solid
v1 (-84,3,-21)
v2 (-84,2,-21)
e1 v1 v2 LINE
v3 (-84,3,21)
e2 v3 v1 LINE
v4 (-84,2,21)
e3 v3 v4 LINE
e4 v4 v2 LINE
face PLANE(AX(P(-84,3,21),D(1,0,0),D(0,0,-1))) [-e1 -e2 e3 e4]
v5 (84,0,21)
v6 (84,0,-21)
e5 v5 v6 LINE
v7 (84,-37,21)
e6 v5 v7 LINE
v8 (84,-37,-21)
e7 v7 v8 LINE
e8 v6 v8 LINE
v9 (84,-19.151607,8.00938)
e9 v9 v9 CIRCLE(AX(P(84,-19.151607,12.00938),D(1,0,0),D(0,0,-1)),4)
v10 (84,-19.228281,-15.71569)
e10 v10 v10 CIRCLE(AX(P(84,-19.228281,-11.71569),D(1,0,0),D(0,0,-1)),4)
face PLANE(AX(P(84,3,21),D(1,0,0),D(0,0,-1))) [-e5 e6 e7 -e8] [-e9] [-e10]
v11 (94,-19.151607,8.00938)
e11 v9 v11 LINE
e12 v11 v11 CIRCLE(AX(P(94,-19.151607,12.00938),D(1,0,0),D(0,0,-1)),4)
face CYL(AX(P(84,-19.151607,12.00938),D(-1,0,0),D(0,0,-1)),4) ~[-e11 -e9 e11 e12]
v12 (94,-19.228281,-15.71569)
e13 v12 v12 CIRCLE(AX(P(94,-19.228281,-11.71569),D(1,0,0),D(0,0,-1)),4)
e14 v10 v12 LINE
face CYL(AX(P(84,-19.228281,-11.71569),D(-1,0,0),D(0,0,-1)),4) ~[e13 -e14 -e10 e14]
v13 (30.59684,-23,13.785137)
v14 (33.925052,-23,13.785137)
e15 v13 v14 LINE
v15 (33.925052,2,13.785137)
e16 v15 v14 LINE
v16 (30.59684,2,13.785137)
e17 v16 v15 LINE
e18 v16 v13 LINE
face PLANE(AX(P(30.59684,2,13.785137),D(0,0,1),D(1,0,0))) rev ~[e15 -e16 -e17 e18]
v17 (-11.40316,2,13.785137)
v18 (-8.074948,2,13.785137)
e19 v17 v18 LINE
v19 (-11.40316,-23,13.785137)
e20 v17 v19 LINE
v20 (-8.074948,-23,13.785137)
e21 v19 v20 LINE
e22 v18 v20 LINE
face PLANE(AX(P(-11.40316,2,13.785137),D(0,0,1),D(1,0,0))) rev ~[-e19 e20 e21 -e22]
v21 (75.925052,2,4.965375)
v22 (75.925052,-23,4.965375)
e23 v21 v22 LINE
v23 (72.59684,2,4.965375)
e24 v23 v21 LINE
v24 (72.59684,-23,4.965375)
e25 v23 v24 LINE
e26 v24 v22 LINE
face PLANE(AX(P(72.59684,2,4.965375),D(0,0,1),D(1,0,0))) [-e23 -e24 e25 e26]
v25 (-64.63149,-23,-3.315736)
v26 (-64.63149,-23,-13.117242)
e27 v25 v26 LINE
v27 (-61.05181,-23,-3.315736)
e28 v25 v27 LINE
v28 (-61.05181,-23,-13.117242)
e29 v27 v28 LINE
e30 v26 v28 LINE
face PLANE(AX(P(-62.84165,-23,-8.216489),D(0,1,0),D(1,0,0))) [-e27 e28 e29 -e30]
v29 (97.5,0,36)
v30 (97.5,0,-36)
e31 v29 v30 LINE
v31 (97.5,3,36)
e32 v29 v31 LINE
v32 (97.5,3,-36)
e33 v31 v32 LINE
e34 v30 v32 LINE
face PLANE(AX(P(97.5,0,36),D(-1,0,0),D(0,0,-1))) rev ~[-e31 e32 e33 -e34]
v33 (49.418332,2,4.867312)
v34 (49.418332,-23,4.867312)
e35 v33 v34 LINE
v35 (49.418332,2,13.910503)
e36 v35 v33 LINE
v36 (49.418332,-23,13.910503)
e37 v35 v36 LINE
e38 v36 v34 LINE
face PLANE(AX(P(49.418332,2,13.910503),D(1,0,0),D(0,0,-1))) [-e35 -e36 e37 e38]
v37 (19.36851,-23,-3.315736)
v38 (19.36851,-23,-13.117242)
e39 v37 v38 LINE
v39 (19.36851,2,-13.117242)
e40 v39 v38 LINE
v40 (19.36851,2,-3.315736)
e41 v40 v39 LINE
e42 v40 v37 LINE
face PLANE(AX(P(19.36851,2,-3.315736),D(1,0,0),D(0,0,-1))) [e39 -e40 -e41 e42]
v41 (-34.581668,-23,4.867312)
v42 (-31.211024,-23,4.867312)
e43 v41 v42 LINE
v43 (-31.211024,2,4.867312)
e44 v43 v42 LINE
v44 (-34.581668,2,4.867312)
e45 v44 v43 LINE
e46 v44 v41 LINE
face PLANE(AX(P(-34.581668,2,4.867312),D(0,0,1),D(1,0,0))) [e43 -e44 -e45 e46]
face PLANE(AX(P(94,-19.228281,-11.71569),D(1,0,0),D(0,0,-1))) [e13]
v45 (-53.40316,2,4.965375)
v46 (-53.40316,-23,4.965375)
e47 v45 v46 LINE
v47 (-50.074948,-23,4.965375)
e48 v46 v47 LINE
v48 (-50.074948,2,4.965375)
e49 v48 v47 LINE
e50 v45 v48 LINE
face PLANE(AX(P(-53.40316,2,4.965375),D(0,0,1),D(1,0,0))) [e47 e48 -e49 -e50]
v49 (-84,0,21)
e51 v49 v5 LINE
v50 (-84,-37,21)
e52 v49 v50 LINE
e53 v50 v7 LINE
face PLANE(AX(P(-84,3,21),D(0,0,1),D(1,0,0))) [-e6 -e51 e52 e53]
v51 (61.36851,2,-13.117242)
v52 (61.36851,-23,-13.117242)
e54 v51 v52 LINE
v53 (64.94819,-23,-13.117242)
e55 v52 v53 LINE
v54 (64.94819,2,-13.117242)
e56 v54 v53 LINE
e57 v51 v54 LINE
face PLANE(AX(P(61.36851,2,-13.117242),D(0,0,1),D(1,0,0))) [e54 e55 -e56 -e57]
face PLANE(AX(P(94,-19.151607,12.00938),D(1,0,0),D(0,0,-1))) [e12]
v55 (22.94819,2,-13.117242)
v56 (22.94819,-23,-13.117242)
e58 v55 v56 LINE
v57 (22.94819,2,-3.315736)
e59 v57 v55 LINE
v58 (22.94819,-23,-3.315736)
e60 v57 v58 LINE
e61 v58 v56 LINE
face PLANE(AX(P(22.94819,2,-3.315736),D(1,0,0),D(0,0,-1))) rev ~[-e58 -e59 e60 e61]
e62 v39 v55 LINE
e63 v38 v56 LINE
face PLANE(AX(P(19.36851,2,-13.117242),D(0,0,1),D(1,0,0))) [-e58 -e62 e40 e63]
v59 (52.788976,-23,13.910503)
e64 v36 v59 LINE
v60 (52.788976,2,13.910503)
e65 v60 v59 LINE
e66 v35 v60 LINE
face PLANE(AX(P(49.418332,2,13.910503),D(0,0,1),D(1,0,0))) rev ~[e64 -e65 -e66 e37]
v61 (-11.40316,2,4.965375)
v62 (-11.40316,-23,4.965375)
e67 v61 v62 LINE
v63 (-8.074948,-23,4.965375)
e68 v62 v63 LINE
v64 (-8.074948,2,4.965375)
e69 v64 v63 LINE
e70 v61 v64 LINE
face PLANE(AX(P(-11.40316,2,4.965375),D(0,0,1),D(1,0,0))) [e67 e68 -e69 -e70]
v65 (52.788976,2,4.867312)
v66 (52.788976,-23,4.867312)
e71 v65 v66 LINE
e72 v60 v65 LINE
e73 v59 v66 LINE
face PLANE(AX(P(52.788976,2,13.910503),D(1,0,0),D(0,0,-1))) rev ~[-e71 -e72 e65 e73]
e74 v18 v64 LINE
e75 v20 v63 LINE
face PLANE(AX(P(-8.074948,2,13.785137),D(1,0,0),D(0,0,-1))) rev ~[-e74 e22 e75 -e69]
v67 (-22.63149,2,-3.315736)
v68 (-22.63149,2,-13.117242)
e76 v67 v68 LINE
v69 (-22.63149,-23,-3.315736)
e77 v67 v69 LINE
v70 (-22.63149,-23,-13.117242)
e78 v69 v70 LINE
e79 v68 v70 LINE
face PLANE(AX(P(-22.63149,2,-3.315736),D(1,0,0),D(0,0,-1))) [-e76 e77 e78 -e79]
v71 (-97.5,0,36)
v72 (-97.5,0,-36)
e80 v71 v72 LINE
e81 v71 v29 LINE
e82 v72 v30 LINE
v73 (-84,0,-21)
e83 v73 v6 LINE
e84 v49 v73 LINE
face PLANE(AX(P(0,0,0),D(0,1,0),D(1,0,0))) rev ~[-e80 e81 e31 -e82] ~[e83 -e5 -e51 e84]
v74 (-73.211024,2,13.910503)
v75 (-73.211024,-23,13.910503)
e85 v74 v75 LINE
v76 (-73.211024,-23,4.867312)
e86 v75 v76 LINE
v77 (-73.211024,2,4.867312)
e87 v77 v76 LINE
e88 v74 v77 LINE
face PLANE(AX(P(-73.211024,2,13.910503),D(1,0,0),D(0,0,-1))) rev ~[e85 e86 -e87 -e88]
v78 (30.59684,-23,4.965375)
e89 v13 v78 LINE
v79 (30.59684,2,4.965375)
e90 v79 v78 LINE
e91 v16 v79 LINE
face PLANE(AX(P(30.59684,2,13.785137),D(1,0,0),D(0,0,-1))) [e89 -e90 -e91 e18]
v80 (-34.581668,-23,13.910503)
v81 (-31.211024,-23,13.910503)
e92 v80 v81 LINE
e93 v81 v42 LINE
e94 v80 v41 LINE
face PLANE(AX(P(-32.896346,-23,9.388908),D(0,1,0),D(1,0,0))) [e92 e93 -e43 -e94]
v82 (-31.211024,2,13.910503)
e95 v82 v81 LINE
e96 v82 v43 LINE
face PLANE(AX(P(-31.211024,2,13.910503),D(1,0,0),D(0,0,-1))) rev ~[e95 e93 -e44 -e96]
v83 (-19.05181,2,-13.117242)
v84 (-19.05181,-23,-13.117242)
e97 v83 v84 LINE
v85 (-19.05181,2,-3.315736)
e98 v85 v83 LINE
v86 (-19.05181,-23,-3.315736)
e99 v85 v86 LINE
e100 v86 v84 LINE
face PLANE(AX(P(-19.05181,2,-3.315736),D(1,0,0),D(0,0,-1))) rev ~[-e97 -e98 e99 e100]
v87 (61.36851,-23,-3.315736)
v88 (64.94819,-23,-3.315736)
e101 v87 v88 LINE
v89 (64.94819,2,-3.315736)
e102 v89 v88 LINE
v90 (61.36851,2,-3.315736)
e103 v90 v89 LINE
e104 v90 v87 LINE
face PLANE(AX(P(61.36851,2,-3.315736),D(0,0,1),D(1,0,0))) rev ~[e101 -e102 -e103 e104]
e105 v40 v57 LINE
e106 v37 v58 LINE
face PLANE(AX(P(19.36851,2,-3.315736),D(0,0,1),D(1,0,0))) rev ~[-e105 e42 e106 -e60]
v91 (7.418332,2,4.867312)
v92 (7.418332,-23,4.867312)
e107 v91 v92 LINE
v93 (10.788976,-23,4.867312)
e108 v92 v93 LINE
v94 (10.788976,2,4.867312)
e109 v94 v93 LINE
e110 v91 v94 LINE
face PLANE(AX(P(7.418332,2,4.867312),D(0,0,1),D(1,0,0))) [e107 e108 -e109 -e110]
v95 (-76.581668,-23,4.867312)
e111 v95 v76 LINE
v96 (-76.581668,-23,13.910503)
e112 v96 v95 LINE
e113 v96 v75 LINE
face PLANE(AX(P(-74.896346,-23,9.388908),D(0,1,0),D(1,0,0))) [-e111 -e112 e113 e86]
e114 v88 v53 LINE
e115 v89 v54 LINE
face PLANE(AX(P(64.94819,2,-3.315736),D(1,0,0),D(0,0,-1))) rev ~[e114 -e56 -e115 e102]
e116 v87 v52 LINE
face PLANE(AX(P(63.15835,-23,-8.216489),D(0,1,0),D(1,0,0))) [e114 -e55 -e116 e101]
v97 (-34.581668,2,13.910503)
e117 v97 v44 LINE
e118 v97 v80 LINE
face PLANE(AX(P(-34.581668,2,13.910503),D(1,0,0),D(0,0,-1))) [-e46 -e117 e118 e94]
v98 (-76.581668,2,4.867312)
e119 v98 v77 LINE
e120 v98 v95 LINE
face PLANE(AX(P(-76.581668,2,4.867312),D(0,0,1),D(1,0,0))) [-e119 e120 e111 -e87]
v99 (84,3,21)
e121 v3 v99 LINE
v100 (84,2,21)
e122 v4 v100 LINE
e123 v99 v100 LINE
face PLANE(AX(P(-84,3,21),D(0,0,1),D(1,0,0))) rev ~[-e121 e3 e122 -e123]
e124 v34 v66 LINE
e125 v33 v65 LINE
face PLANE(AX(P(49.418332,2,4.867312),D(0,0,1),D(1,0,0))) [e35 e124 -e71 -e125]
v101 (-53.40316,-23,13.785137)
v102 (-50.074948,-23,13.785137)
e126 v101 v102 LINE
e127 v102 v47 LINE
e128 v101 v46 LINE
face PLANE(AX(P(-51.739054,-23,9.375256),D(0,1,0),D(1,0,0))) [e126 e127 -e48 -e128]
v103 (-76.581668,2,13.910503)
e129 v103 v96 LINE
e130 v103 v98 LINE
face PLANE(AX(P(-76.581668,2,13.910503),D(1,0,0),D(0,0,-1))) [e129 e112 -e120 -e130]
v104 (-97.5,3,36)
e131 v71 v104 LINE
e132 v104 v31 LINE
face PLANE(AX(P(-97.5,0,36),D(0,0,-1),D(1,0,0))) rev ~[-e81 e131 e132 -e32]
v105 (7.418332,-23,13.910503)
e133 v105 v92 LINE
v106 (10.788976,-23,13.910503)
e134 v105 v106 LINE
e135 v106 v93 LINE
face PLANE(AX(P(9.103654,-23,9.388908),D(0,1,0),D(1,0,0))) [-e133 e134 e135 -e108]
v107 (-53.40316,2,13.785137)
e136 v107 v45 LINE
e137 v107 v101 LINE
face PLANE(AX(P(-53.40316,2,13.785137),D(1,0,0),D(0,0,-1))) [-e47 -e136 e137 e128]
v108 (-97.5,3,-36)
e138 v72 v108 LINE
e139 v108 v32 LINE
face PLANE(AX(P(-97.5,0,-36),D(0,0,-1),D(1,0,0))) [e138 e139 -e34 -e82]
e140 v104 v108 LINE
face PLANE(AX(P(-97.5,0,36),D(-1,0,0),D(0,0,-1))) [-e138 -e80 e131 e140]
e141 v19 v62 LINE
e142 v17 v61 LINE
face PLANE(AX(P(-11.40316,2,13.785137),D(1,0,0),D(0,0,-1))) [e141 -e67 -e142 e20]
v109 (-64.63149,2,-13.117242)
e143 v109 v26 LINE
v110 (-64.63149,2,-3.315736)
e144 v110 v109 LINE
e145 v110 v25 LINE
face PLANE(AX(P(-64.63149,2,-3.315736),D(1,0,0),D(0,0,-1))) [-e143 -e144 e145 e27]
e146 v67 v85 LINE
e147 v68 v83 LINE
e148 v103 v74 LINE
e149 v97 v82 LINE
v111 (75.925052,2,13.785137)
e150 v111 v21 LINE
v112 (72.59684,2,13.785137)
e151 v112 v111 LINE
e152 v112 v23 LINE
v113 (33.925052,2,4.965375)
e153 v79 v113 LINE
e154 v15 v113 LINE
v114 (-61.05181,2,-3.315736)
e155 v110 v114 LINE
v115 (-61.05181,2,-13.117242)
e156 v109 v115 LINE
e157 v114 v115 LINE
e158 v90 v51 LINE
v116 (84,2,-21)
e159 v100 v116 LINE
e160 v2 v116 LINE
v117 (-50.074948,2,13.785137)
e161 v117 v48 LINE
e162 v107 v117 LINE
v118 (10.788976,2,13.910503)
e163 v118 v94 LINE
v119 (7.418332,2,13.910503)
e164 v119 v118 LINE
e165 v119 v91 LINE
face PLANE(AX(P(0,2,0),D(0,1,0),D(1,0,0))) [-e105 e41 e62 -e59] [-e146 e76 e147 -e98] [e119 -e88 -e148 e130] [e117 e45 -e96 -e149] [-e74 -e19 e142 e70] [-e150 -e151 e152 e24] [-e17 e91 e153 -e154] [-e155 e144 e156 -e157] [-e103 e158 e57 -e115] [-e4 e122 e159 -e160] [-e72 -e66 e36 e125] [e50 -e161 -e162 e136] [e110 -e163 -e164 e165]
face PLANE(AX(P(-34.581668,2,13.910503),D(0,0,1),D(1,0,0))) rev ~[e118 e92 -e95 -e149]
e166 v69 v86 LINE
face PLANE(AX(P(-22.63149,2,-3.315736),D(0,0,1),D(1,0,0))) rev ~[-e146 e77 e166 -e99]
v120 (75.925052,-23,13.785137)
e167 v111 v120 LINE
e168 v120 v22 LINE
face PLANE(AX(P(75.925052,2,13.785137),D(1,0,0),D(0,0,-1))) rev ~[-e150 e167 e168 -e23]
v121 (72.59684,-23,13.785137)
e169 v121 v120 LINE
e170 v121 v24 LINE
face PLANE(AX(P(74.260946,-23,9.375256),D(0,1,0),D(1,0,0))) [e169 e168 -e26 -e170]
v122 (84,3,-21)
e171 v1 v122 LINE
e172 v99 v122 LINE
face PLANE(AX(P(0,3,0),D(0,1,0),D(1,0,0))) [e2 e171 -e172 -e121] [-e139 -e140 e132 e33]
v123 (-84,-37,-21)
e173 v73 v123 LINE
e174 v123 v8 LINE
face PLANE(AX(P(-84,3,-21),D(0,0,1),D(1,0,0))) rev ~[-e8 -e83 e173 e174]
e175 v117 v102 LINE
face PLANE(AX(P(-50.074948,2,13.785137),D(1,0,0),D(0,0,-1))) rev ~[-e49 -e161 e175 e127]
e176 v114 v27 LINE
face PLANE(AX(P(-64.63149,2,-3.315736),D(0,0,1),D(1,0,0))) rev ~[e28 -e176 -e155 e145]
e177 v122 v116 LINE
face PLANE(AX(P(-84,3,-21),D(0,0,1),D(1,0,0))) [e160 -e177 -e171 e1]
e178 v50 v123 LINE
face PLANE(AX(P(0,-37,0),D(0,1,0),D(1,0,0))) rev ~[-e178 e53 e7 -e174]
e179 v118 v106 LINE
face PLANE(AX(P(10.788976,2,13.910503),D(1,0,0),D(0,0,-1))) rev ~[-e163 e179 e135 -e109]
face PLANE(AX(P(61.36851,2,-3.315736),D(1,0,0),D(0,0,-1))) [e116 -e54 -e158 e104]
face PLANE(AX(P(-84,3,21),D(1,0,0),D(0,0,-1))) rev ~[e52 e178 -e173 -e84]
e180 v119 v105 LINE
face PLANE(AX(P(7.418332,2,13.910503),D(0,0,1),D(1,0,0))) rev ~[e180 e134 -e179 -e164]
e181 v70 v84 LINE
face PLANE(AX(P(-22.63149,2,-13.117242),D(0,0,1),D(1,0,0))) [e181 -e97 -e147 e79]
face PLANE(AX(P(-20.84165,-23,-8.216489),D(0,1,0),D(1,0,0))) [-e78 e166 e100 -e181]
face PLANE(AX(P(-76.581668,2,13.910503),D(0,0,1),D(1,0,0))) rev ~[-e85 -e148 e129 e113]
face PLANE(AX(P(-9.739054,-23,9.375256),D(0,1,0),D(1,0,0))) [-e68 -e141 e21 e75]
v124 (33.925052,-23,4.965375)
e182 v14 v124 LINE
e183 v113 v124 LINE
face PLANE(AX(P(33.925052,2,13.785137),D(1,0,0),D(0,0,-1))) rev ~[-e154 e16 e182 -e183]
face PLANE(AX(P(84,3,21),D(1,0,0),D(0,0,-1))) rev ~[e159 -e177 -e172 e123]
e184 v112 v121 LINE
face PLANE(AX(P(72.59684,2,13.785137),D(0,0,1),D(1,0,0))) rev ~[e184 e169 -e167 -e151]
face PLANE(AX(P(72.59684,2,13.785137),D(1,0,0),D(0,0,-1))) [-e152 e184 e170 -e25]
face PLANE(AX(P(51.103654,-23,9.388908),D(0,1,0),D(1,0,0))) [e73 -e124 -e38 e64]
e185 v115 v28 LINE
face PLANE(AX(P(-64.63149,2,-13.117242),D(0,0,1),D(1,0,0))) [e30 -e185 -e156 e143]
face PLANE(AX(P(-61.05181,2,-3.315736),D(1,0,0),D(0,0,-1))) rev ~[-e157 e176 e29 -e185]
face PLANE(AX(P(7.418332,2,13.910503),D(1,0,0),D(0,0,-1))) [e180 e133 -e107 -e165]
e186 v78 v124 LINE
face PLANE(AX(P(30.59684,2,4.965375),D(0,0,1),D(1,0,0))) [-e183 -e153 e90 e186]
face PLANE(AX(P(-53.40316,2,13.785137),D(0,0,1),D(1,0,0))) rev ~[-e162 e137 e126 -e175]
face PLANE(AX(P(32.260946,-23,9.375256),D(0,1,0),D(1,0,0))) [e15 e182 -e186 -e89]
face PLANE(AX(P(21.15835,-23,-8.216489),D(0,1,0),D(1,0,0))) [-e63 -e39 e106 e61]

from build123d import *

# Parameters (mm, degrees)
SKETCH_1_W          = 195
SKETCH_1_H          = 72
EXTRUDE_1_DEPTH     = 3
SKETCH_2_W          = 168
SKETCH_2_H          = 42
EXTRUDE_2_DEPTH     = 40
SKETCH_2_2_W        = 168
SKETCH_2_2_H        = 42
CUT_EXTRUDE_1_DEPTH = 1
SKETCH_3_R          = 4
EXTRUDE_3_DEPTH     = 10
SKETCH_4_R          = 4
EXTRUDE_4_DEPTH     = 10
SKETCH_7_W          = 3.370643822
SKETCH_7_H          = 9.043190742
CUT_EXTRUDE_2_DEPTH = 25
SKETCH_6_W          = 3.579680374
SKETCH_6_H          = 9.801505786
CUT_EXTRUDE_3_DEPTH = 25
SKETCH_8_W          = 3.328212
SKETCH_8_H          = 8.8197618
CUT_EXTRUDE_4_DEPTH = 25


with BuildPart() as part:
    # 草图1 → 凸台-拉伸1 (new body)
    with BuildSketch(Plane(origin=(0, 0, 0), x_dir=(1, 0, 0), z_dir=(0, 1, 0))):
        Rectangle(SKETCH_1_W, SKETCH_1_H)
    extrude(amount=EXTRUDE_1_DEPTH)

    # 草图2 → 凸台-拉伸2 (add)
    with BuildSketch(Plane(origin=(0, 3, 0), x_dir=(1, 0, 0), z_dir=(0, 1, 0))):
        Rectangle(SKETCH_2_W, SKETCH_2_H)
    extrude(amount=-EXTRUDE_2_DEPTH)

    # 草图2<2> → 切除-拉伸1 (cut)
    with BuildSketch(Plane(origin=(0, 3, 0), x_dir=(1, 0, 0), z_dir=(0, 1, 0))):
        Rectangle(SKETCH_2_2_W, SKETCH_2_2_H)
    extrude(amount=-CUT_EXTRUDE_1_DEPTH, mode=Mode.SUBTRACT)

    # 草图3 → 凸台-拉伸3 (add)
    with BuildSketch(Plane(origin=(84, 0, 0), x_dir=(0, 0, -1), z_dir=(1, 0, 0))):
        with Locations((-12.009379944, -19.151607151)):
            Circle(SKETCH_3_R)
    extrude(amount=EXTRUDE_3_DEPTH)

    # 草图4 → 凸台-拉伸4 (add)
    with BuildSketch(Plane(origin=(84, 0, 0), x_dir=(0, 0, -1), z_dir=(1, 0, 0))):
        with Locations((11.71568974, -19.228280966)):
            Circle(SKETCH_4_R)
    extrude(amount=EXTRUDE_4_DEPTH)

    # 草图7 → 切除-拉伸2 (cut)
    with BuildSketch(Plane(origin=(0, 2, 0), x_dir=(1, 0, 0), z_dir=(0, 1, 0))):
        with Locations((-32.896346176, -9.388907812)):
            Rectangle(SKETCH_7_W, SKETCH_7_H)
        with Locations((-74.896346176, -9.388907812)):
            Rectangle(SKETCH_7_W, SKETCH_7_H)
        with Locations((9.103653824, -9.388907812)):
            Rectangle(SKETCH_7_W, SKETCH_7_H)
        with Locations((51.103653824, -9.388907812)):
            Rectangle(SKETCH_7_W, SKETCH_7_H)
    extrude(amount=-CUT_EXTRUDE_2_DEPTH, mode=Mode.SUBTRACT)

    # 草图6 → 切除-拉伸3 (cut)
    with BuildSketch(Plane(origin=(0, 2, 0), x_dir=(1, 0, 0), z_dir=(0, 1, 0))):
        with Locations((-20.841650073, 8.216489042)):
            Rectangle(SKETCH_6_W, SKETCH_6_H)
        with Locations((-62.841650073, 8.216489042)):
            Rectangle(SKETCH_6_W, SKETCH_6_H)
        with Locations((21.158349927, 8.216489042)):
            Rectangle(SKETCH_6_W, SKETCH_6_H)
        with Locations((63.158349927, 8.216489042)):
            Rectangle(SKETCH_6_W, SKETCH_6_H)
    extrude(amount=-CUT_EXTRUDE_3_DEPTH, mode=Mode.SUBTRACT)

    # 草图8 → 切除-拉伸4 (cut)
    with BuildSketch(Plane(origin=(0, 2, 0), x_dir=(1, 0, 0), z_dir=(0, 1, 0))):
        with Locations((-9.739053762, -9.375255868)):
            Rectangle(SKETCH_8_W, SKETCH_8_H)
        with Locations((-51.739053762, -9.375255868)):
            Rectangle(SKETCH_8_W, SKETCH_8_H)
        with Locations((32.260946238, -9.375255868)):
            Rectangle(SKETCH_8_W, SKETCH_8_H)
        with Locations((74.260946238, -9.375255868)):
            Rectangle(SKETCH_8_W, SKETCH_8_H)
    extrude(amount=-CUT_EXTRUDE_4_DEPTH, mode=Mode.SUBTRACT)


solid = part.part
